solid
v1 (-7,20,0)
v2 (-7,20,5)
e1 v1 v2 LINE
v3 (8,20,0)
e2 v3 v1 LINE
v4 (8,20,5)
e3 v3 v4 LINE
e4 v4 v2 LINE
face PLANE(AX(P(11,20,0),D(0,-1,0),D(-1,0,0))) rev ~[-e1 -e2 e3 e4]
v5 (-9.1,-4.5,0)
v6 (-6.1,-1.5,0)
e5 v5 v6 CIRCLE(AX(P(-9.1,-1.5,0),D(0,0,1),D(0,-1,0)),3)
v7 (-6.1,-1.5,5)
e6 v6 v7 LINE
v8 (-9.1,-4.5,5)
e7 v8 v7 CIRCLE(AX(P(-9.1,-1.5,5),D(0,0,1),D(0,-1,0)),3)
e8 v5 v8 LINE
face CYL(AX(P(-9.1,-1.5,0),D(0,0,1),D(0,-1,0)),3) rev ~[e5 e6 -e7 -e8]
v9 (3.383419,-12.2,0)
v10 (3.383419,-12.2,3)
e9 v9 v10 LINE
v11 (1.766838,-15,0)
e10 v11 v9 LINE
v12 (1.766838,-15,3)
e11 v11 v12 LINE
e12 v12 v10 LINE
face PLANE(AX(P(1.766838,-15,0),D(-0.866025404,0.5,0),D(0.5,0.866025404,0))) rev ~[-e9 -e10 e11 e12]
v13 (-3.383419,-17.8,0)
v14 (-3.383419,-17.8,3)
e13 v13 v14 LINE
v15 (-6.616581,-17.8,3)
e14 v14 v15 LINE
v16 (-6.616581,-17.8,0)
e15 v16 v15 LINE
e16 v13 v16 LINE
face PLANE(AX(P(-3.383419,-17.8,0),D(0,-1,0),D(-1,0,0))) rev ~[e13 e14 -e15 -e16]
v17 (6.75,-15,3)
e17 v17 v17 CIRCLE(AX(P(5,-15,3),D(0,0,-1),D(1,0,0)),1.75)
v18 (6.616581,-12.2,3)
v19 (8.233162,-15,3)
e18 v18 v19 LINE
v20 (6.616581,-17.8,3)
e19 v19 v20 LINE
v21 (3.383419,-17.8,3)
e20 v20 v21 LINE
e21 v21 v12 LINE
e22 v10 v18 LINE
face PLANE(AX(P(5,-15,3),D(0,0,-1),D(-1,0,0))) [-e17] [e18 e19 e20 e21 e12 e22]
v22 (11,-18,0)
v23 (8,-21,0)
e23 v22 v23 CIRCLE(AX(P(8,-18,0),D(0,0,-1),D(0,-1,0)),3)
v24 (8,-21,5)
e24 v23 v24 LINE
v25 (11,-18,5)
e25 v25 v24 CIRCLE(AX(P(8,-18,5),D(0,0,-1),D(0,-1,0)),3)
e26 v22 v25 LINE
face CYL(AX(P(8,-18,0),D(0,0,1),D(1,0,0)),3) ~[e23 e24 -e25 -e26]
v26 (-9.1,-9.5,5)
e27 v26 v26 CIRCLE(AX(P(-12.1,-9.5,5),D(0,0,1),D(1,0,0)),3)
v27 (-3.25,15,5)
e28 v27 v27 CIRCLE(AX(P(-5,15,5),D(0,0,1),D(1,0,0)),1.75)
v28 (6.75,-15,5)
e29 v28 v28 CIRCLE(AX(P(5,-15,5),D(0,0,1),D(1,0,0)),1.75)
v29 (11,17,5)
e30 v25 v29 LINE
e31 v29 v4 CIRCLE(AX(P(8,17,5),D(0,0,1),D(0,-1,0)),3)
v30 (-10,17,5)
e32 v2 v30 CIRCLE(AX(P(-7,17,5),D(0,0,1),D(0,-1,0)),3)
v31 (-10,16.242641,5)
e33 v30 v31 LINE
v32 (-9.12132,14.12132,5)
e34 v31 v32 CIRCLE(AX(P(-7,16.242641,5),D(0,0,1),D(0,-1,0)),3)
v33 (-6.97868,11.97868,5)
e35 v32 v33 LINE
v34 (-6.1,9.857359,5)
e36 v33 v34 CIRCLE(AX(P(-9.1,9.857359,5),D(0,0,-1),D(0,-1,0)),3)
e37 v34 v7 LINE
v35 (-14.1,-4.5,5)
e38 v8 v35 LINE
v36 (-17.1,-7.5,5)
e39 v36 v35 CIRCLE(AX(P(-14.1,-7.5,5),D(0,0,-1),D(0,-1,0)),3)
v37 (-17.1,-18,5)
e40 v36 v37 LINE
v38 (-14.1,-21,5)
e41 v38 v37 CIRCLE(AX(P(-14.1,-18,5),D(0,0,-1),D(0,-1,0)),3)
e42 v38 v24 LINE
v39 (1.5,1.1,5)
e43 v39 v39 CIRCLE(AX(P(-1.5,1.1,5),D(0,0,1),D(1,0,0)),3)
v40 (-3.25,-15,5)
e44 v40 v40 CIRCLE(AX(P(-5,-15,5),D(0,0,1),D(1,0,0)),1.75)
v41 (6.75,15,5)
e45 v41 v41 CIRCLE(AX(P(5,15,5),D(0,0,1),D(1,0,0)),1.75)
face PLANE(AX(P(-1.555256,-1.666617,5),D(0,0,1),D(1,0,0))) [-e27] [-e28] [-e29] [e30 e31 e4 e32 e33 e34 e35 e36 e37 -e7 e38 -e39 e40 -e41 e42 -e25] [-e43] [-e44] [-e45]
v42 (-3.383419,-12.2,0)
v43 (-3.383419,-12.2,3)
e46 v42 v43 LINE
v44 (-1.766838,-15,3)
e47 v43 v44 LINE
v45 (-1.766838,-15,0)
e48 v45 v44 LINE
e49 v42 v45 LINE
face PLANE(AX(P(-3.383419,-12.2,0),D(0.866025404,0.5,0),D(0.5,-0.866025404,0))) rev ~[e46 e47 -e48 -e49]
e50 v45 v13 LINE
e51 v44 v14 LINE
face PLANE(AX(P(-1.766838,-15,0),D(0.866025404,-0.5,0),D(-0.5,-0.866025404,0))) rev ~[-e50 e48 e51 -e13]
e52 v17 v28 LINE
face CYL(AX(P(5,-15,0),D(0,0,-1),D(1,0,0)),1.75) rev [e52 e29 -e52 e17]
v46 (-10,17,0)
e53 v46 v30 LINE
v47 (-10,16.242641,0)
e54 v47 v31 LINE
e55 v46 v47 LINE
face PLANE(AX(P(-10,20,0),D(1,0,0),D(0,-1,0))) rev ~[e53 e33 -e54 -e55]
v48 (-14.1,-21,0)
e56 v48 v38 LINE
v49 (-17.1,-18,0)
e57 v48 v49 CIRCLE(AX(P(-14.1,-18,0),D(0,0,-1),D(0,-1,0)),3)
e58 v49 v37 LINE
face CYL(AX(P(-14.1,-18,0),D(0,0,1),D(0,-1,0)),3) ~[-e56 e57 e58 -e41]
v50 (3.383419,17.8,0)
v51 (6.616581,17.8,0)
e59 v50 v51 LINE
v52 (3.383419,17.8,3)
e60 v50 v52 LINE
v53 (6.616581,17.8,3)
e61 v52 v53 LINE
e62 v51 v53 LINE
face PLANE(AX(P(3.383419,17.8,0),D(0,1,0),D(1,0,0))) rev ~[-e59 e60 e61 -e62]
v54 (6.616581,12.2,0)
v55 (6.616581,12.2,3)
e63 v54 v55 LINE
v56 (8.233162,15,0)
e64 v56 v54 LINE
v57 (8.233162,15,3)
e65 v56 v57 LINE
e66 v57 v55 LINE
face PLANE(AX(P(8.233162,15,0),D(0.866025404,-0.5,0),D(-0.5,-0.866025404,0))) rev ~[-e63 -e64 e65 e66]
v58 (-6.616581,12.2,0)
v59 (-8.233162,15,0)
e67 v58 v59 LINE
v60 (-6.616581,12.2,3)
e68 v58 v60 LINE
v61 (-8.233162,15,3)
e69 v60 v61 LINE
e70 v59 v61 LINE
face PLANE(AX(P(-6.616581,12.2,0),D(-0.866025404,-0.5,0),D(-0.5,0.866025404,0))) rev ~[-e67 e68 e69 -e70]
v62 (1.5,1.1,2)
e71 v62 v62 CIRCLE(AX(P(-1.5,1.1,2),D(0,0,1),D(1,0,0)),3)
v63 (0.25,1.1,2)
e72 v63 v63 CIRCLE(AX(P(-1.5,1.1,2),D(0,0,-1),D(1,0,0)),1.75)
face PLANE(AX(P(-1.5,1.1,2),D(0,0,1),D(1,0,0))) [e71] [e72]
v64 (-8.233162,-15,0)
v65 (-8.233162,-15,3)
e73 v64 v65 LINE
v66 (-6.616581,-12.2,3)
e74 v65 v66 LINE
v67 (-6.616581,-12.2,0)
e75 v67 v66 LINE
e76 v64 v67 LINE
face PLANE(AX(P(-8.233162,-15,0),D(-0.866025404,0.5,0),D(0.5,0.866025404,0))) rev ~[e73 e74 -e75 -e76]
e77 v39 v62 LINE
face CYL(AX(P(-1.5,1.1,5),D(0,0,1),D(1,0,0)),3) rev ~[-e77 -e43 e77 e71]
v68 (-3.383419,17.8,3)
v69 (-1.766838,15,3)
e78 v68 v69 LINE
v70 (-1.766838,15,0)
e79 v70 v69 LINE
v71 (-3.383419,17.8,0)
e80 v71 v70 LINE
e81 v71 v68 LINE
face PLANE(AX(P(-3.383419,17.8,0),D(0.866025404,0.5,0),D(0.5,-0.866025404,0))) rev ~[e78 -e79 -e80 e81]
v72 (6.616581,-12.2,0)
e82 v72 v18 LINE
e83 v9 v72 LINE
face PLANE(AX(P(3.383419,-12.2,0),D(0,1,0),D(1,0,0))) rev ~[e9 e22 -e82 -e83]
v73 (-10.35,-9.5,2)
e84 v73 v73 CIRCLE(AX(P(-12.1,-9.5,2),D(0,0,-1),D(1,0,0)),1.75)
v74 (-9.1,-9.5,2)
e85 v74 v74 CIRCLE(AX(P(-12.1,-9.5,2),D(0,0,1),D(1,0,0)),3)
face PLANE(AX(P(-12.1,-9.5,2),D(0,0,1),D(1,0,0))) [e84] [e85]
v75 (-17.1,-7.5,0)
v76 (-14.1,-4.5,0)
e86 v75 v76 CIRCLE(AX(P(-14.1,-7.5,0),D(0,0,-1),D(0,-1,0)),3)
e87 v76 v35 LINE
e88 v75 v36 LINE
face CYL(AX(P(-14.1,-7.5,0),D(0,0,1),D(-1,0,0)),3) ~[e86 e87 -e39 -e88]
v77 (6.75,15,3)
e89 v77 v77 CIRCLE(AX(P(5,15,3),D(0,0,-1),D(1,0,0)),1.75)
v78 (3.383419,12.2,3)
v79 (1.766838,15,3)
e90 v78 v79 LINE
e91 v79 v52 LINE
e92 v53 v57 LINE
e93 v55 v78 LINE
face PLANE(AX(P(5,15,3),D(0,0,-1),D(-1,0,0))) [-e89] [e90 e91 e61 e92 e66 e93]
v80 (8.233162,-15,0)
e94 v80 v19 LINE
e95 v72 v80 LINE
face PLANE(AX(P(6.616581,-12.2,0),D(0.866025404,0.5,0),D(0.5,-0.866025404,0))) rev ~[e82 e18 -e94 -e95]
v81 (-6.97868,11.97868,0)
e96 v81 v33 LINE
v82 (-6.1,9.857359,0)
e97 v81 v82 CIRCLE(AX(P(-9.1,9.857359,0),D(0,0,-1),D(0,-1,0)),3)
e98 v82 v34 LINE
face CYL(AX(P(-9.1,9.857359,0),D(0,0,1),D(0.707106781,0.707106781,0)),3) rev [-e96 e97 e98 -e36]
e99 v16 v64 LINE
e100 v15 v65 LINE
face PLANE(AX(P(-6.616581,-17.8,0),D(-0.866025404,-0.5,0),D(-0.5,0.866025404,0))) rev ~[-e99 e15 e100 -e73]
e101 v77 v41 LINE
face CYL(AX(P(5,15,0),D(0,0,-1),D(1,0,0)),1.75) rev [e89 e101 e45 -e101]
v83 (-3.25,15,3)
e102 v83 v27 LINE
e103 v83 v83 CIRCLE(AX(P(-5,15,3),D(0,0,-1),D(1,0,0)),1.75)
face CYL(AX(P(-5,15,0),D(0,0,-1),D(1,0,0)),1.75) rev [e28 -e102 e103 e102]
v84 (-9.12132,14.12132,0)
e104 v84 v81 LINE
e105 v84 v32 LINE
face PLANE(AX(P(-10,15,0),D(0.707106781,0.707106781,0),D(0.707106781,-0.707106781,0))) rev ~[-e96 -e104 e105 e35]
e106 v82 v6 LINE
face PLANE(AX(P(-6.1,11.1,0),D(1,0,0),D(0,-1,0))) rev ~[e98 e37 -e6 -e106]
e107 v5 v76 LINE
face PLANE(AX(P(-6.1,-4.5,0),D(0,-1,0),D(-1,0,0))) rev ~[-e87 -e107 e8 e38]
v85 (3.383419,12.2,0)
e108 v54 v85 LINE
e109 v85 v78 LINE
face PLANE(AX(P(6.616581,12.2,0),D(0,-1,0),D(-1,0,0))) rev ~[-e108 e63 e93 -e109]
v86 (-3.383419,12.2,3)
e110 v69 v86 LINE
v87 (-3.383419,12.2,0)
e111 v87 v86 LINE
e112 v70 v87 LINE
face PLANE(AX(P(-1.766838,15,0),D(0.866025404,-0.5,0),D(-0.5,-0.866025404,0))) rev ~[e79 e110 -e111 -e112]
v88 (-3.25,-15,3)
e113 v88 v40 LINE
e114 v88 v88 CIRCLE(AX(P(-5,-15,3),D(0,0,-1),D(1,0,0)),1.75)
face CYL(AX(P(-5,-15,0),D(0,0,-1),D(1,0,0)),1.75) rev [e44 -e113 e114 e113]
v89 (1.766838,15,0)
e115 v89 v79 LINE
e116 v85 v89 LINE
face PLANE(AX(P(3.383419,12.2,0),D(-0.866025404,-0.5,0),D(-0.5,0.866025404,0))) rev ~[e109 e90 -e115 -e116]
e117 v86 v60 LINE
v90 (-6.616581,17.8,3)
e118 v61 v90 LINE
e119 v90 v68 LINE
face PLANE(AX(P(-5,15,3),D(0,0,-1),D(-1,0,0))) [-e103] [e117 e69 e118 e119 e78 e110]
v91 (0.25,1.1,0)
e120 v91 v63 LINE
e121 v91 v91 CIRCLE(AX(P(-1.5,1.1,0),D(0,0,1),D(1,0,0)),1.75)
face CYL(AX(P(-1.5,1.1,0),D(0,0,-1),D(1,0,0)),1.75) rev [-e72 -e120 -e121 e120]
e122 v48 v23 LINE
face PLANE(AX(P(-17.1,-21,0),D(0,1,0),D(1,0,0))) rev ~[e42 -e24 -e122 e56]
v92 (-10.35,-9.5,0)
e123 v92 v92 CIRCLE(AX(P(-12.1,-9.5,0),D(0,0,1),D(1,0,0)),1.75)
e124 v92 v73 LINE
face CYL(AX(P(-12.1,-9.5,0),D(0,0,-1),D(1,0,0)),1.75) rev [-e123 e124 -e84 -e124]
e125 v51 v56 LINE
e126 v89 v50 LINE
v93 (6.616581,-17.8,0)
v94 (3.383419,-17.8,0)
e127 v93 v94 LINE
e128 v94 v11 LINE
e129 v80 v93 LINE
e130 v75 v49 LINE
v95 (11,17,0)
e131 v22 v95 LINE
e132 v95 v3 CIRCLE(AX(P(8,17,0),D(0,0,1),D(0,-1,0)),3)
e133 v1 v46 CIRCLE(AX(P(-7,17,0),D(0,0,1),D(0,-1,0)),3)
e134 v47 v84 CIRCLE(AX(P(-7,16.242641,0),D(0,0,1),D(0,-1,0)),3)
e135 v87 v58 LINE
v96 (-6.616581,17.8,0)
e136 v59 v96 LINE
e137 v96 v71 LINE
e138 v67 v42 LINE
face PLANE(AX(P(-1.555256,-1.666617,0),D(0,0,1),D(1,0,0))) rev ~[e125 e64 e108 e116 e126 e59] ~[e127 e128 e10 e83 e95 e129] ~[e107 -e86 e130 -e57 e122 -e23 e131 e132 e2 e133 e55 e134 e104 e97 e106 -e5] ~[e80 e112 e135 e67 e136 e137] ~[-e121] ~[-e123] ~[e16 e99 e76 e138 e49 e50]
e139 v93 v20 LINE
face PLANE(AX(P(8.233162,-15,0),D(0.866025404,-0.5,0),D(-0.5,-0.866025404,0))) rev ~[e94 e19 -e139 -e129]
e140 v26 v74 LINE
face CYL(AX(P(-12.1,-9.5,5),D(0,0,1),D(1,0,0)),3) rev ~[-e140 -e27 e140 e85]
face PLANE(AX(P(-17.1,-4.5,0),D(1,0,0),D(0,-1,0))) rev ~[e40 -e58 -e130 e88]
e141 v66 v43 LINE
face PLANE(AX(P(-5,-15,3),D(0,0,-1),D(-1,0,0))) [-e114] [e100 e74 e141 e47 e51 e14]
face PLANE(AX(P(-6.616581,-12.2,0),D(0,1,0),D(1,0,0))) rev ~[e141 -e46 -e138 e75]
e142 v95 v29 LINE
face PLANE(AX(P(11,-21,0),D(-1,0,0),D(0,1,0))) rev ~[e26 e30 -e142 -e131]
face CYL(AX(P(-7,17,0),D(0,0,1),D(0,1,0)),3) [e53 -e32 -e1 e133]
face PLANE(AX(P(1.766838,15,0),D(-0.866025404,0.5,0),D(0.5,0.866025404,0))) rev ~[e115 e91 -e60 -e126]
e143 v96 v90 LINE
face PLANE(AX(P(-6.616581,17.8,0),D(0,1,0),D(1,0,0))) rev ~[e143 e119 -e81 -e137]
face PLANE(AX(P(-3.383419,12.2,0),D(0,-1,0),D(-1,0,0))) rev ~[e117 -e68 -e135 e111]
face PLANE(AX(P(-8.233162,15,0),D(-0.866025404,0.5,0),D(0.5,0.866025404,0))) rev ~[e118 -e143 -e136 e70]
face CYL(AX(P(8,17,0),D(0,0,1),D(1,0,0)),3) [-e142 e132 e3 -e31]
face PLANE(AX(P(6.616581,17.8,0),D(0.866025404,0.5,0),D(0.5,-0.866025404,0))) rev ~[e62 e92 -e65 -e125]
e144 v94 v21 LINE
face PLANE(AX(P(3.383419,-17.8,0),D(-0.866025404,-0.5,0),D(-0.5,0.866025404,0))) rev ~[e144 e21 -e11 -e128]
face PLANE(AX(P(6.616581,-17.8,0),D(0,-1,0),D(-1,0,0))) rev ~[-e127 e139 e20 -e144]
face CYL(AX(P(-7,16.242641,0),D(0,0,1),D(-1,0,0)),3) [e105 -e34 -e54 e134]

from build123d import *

# Parameters (mm, degrees)
SKETCH2_R           = 1.75
BOSS_EXTRUDE1_DEPTH = 5
SKETCH3_R           = 3
CUT_EXTRUDE1_DEPTH  = 3
FILLET1_R           = 3
CUT_EXTRUDE2_DEPTH  = 3


with BuildPart() as part:
    # Sketch2 → Boss-Extrude1 (new body)
    with BuildSketch(Plane.XY):
        Polygon((11, -21), (11, 20), (-10, 20), (-10, 15), (-6.1, 11.1), (-6.1, -4.5), (-17.1, -4.5), (-17.1, -21), align=None)
        with Locations((-1.5, 1.1)):
            Circle(SKETCH2_R, mode=Mode.SUBTRACT)
        with Locations((-12.1, -9.5)):
            Circle(SKETCH2_R, mode=Mode.SUBTRACT)
        with Locations((-5, 15)):
            Circle(SKETCH2_R, mode=Mode.SUBTRACT)
        with Locations((-5, -15)):
            Circle(SKETCH2_R, mode=Mode.SUBTRACT)
        with Locations((5, 15)):
            Circle(SKETCH2_R, mode=Mode.SUBTRACT)
        with Locations((5, -15)):
            Circle(SKETCH2_R, mode=Mode.SUBTRACT)
    extrude(amount=BOSS_EXTRUDE1_DEPTH)

    # Sketch3 → Cut-Extrude1 (cut)
    with BuildSketch(Plane.XY.offset(5)):
        with Locations((-1.5, 1.1)):
            Circle(SKETCH3_R)
        with Locations((-12.1, -9.5)):
            Circle(SKETCH3_R)
    extrude(amount=-CUT_EXTRUDE1_DEPTH, mode=Mode.SUBTRACT)

    # Fillet1
    fillet1_edges = [part.edges().sort_by_distance(p)[0] for p in [
        (-6.1, -4.5, 2.5),
        (-6.1, 11.1, 2.5),
        (-10, 15, 2.5),
        (-10, 20, 2.5),
        (11, 20, 2.5),
        (11, -21, 2.5),
        (-17.1, -21, 2.5),
        (-17.1, -4.5, 2.5),
    ]]
    fillet(fillet1_edges, radius=FILLET1_R)

    # Sketch4 → Cut-Extrude2 (cut)
    with BuildSketch(Plane(origin=(0, 0, 0), x_dir=(-1, 0, 0), z_dir=(0, 0, -1))):
        Polygon((-3.383419246, 12.2), (-1.766838493, 15), (-3.383419246, 17.8), (-6.616580754, 17.8), (-8.233161507, 15), (-6.616580754, 12.2), align=None)
        Polygon((6.616580754, 12.2), (8.233161507, 15), (6.616580754, 17.8), (3.383419246, 17.8), (1.766838493, 15), (3.383419246, 12.2), align=None)
        Polygon((-3.383419246, -17.8), (-1.766838493, -15), (-3.383419246, -12.2), (-6.616580754, -12.2), (-8.233161507, -15), (-6.616580754, -17.8), align=None)
        Polygon((6.616580754, -17.8), (8.233161507, -15), (6.616580754, -12.2), (3.383419246, -12.2), (1.766838493, -15), (3.383419246, -17.8), align=None)
    extrude(amount=-CUT_EXTRUDE2_DEPTH, mode=Mode.SUBTRACT)


solid = part.part
